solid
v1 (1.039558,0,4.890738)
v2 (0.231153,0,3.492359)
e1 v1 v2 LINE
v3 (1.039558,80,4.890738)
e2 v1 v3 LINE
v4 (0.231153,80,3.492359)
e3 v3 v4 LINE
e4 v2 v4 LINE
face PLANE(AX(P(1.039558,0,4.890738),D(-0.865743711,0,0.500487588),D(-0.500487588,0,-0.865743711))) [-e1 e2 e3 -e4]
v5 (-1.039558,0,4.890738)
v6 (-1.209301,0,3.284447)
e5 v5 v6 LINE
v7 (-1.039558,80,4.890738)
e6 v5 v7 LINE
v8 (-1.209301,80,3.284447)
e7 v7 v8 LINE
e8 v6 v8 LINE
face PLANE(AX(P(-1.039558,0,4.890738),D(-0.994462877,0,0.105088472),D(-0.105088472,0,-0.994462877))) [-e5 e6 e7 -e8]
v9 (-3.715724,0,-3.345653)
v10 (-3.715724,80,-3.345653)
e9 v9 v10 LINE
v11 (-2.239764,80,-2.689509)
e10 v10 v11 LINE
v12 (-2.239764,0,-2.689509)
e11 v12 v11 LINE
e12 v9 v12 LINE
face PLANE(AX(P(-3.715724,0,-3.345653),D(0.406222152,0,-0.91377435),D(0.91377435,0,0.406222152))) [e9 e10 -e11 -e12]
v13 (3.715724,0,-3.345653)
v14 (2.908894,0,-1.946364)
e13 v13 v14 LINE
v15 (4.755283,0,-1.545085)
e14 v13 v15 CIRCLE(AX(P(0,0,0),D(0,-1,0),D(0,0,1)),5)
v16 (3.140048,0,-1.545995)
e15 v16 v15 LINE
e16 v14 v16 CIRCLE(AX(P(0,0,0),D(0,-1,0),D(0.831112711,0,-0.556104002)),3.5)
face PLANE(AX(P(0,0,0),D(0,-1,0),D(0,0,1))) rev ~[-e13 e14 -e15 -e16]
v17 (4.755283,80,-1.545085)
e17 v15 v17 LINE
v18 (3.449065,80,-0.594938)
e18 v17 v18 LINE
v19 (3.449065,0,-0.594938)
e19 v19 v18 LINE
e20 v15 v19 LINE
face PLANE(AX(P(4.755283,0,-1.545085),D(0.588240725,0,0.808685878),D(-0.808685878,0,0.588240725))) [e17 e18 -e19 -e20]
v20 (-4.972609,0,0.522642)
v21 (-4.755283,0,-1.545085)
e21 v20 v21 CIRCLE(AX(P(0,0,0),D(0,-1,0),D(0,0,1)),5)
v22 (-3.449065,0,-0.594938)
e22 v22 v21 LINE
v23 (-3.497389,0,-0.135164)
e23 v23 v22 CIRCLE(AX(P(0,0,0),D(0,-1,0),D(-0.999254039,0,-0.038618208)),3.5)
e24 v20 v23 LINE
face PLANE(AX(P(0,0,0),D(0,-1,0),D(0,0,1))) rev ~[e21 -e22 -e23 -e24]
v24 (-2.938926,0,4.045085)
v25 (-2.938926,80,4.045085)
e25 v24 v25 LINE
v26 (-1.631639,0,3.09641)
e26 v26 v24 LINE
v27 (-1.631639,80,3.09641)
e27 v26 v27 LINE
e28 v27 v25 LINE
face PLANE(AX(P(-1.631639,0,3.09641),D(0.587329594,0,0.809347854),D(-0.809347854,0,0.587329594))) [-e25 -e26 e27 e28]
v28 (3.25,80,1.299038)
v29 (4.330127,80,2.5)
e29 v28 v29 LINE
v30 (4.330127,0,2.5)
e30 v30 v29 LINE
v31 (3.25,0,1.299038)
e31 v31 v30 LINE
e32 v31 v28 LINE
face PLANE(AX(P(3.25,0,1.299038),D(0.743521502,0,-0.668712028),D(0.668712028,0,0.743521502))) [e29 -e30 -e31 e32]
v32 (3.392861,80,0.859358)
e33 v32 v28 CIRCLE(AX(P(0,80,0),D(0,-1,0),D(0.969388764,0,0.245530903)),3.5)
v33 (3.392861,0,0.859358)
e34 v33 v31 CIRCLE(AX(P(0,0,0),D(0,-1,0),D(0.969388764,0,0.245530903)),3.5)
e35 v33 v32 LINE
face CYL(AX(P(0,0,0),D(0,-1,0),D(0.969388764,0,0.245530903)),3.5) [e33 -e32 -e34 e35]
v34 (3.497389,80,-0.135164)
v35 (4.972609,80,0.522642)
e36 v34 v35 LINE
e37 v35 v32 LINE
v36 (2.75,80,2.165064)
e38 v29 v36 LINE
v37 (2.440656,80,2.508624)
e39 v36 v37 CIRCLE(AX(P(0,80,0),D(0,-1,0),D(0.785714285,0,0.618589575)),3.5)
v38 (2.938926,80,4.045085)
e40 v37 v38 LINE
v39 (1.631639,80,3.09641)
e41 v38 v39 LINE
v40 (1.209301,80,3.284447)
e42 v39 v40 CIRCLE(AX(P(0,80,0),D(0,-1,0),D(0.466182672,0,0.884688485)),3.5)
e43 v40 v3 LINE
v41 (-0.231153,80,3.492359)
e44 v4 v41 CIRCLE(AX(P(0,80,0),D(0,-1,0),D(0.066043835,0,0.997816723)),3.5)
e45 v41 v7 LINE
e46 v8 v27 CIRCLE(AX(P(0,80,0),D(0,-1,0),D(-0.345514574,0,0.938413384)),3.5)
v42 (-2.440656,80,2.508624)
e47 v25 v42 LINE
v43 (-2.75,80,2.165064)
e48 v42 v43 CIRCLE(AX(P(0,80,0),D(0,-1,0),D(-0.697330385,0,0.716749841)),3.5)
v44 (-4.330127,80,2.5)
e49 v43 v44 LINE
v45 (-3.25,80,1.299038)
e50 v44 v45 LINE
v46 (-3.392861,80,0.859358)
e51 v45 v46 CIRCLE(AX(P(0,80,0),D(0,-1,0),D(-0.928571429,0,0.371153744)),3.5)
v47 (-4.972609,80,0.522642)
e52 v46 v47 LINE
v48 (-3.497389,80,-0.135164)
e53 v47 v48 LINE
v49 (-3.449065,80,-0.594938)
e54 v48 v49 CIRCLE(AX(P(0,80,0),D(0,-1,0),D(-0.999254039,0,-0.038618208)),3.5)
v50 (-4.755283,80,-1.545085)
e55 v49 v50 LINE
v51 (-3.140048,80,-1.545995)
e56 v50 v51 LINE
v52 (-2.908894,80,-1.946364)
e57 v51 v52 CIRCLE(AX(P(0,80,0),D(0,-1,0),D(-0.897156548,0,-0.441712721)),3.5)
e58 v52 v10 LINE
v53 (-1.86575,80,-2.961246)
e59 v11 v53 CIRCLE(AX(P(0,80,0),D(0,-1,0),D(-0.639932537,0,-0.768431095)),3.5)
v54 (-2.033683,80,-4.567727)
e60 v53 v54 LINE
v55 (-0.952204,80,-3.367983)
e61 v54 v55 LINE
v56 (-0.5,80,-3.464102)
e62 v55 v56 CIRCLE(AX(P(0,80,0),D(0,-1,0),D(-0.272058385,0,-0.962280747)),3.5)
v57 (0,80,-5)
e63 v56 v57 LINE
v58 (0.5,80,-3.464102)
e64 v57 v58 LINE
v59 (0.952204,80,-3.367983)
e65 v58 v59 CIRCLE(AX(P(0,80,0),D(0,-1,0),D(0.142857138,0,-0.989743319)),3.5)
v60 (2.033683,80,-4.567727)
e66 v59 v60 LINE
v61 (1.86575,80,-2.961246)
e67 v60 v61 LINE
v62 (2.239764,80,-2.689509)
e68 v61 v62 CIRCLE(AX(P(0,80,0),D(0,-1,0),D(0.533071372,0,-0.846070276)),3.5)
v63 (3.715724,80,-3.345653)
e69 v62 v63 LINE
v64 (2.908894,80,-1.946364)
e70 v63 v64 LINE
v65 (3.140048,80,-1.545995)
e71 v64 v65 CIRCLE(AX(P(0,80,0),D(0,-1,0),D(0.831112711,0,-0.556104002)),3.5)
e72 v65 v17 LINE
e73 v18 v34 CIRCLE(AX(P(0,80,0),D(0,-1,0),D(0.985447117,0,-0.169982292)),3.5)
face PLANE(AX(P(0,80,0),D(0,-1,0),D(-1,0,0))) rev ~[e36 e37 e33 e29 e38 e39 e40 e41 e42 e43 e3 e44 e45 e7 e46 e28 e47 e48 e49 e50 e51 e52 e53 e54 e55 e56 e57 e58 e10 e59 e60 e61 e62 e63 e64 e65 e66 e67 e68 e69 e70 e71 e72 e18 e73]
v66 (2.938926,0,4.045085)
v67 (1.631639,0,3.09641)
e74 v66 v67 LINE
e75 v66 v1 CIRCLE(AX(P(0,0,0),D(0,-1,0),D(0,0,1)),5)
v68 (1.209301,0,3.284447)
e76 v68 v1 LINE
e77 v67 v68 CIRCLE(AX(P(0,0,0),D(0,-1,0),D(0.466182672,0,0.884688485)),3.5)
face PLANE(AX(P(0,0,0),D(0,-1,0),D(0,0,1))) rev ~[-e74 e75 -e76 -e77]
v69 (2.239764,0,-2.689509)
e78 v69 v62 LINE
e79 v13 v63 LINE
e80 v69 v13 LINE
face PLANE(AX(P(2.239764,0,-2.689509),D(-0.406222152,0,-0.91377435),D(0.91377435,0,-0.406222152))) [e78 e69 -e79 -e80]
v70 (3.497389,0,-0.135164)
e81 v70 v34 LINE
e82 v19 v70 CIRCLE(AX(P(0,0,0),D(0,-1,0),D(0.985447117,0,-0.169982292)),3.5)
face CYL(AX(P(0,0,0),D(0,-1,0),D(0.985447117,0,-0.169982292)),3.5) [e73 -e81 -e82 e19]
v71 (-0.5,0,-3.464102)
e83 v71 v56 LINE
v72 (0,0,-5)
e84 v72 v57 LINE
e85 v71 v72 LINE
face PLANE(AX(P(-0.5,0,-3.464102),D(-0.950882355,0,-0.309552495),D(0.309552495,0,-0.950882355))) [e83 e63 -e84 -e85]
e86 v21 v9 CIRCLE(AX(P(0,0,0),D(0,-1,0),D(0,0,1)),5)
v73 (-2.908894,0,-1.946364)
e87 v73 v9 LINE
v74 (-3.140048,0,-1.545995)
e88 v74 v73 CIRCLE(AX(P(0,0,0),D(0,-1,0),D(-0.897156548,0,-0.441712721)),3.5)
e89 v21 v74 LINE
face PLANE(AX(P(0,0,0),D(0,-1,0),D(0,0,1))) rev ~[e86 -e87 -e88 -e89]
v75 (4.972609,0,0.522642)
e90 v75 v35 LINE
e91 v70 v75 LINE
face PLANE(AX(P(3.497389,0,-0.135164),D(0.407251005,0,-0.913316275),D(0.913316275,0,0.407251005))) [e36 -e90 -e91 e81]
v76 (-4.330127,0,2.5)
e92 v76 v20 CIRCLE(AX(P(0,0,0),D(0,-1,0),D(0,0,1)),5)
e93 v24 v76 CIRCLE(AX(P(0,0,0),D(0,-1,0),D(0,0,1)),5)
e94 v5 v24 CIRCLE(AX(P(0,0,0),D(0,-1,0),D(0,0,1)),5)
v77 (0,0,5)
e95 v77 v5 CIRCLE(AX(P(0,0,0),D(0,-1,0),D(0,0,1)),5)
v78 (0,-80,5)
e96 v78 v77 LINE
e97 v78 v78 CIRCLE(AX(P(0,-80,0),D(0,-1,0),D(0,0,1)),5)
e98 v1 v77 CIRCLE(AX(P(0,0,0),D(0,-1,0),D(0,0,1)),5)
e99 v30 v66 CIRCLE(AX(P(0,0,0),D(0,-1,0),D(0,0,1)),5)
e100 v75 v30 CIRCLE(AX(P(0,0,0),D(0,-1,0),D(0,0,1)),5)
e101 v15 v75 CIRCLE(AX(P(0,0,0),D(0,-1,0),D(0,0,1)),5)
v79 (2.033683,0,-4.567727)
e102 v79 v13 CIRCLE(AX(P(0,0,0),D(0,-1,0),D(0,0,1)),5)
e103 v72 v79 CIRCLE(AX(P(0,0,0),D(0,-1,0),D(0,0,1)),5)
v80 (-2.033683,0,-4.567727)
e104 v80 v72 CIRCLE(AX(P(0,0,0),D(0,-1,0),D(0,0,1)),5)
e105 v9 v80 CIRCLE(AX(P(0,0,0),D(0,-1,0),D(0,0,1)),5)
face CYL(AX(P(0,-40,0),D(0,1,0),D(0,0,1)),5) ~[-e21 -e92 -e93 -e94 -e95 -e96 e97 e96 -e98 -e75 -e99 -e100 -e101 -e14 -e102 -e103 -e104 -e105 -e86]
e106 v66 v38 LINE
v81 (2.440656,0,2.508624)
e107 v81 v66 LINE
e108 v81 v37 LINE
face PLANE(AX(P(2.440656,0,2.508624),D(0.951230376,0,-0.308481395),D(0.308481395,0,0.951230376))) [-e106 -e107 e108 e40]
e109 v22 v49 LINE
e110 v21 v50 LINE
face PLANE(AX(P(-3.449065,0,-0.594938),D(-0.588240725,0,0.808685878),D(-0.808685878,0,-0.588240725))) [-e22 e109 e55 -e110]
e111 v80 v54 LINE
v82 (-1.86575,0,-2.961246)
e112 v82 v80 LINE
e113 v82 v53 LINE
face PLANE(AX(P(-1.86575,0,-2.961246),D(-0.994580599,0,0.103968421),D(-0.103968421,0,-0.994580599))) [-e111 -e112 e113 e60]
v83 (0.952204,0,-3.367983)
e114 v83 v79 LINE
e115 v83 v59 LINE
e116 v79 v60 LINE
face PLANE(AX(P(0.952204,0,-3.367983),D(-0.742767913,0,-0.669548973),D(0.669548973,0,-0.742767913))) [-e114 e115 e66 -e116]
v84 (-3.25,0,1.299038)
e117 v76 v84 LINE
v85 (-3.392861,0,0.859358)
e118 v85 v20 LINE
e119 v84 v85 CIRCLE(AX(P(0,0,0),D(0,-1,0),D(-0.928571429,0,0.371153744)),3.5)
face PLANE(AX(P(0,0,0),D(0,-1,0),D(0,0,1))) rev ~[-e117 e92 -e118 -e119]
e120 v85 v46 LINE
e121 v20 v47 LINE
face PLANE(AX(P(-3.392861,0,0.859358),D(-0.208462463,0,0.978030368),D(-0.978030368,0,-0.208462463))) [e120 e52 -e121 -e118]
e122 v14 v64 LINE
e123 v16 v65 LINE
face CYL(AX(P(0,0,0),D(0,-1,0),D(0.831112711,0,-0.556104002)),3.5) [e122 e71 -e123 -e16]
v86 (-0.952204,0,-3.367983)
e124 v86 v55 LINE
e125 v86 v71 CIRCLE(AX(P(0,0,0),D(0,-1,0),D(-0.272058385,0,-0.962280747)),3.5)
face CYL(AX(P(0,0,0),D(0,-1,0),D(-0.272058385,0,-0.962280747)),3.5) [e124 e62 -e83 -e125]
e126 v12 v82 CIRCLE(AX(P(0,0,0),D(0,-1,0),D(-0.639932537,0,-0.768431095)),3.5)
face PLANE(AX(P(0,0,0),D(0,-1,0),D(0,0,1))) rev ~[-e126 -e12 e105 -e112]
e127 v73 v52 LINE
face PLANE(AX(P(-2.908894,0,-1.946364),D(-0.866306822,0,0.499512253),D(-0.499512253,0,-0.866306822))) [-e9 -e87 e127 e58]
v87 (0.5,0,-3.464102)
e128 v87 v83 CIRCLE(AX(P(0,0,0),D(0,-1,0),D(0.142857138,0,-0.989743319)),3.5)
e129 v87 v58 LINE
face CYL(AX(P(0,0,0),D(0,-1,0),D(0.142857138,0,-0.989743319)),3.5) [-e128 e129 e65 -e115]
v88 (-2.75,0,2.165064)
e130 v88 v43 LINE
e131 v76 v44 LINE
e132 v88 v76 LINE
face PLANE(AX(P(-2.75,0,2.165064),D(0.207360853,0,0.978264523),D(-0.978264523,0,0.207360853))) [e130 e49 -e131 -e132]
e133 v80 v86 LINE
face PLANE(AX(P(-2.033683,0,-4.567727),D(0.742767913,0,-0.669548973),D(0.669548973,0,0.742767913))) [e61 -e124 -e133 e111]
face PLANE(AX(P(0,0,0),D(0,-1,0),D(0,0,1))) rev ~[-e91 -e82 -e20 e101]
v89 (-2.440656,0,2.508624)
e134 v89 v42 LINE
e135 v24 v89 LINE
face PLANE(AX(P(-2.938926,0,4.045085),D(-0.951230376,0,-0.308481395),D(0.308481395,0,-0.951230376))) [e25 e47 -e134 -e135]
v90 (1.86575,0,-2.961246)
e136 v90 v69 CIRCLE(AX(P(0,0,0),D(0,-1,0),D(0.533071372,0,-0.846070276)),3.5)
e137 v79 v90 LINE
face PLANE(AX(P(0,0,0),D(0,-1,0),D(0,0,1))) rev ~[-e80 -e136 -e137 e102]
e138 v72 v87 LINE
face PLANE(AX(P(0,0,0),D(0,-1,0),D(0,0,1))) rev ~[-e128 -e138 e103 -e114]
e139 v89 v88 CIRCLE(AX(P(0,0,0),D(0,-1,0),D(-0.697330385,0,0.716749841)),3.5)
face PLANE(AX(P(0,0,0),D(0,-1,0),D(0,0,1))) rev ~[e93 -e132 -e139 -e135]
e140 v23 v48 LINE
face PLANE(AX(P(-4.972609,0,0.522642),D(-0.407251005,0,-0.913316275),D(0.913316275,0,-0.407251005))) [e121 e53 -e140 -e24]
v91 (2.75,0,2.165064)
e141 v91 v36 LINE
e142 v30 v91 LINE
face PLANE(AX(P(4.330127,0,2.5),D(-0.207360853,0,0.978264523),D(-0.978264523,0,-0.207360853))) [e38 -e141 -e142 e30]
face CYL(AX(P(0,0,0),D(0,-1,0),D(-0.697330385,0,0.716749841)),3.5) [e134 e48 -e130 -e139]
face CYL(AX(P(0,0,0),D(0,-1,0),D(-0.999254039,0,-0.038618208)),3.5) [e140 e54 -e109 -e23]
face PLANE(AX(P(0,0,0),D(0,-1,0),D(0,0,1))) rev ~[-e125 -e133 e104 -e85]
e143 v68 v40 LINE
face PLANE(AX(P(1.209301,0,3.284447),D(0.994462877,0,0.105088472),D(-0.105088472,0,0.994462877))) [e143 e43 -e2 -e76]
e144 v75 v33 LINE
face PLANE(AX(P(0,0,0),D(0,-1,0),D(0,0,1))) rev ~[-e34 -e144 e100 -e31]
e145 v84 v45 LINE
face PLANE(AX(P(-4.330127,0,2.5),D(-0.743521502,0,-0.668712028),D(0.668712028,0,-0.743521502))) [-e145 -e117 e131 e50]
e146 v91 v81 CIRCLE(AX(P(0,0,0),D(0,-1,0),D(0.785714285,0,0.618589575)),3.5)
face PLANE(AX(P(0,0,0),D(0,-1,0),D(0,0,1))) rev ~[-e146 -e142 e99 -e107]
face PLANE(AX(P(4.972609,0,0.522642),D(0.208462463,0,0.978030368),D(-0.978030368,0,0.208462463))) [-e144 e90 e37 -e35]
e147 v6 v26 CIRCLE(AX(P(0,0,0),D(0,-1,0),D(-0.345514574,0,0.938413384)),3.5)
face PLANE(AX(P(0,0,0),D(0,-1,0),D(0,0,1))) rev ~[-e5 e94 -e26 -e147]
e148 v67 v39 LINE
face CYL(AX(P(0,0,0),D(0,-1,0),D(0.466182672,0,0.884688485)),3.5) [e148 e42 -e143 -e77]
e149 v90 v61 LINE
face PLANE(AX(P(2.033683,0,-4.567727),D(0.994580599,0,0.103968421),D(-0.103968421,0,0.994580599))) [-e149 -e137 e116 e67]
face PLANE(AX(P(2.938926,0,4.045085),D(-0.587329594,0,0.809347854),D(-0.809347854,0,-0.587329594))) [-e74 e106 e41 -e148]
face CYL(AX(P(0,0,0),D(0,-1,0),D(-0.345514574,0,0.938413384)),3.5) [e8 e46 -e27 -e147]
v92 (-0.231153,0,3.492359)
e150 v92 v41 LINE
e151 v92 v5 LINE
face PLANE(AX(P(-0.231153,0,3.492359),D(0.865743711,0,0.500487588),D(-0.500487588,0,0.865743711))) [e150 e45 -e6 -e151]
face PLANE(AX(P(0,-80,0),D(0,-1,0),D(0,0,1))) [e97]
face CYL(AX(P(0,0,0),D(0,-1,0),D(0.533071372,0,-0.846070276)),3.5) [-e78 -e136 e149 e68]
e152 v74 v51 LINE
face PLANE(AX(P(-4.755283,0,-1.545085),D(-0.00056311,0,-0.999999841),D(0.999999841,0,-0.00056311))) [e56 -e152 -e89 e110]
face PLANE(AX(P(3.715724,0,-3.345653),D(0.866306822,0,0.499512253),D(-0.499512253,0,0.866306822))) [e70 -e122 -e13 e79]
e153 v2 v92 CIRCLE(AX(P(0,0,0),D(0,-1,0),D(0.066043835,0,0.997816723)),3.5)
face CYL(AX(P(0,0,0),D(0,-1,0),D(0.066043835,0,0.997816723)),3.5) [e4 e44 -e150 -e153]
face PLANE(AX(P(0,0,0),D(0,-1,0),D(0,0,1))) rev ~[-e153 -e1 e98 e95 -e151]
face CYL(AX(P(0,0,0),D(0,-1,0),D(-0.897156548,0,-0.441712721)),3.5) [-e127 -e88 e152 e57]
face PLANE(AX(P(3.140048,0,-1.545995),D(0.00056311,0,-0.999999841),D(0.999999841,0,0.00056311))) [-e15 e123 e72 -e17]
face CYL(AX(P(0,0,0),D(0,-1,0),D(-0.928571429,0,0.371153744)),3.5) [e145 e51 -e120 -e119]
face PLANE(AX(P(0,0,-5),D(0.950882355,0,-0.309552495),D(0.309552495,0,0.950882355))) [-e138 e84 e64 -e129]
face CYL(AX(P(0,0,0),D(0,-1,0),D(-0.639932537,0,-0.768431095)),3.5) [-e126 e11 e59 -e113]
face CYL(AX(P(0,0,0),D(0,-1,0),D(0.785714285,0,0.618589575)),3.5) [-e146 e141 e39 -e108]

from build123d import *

# Parameters (mm, degrees)
SKETCH1_W           = 5
SKETCH1_H           = 80
BOSS_EXTRUDE1_DEPTH = 80


with BuildPart() as part:
    # Sketch1 → Revolve1 (revolve)
    with BuildSketch(Plane.XY, mode=Mode.PRIVATE) as revolve1_sk:
        with Locations((-2.5, -40)):
            Rectangle(SKETCH1_W, SKETCH1_H)
    revolve(revolve1_sk.sketch.rotate(Axis((0, 80, 0), (0, -1, 0)), 270), axis=Axis((0, 80, 0), (0, -1, 0)))

    # Sketch2 → Boss-Extrude1 (add)
    with BuildSketch(Plane(origin=(0, 0, 0), x_dir=(1, 0, 0), z_dir=(0, 1, 0))):
        with BuildLine():
            Line((-0.5, 3.464101615), (0, 5))
            Line((0, 5), (0.5, 3.464101615))
            ThreePointArc((0.5, 3.464101615), (0.727690918, 3.423516603), (0.952204333, 3.367982617))
            Line((0.952204333, 3.367982617), (2.033683215, 4.567727288))
            Line((2.033683215, 4.567727288), (1.865749791, 2.961245974))
            ThreePointArc((1.865749791, 2.961245974), (2.057248383, 2.83155948), (2.239763887, 2.689508827))
            Line((2.239763887, 2.689508827), (3.715724127, 3.345653032))
            Line((3.715724127, 3.345653032), (2.908894493, 1.946364001))
            ThreePointArc((2.908894493, 1.946364001), (3.031088913, 1.75), (3.140047917, 1.545994527))
            Line((3.140047917, 1.545994527), (4.755282581, 1.545084972))
            Line((4.755282581, 1.545084972), (3.449064911, 0.594938011))
            ThreePointArc((3.449064911, 0.594938011), (3.480826634, 0.365849621), (3.497389136, 0.135163729))
            Line((3.497389136, 0.135163729), (4.972609477, -0.522642316))
            Line((4.972609477, -0.522642316), (3.392860672, -0.859358166))
            ThreePointArc((3.392860672, -0.859358166), (3.328697807, -1.08155948), (3.25, -1.299038106))
            Line((3.25, -1.299038106), (4.330127019, -2.5))
            Line((4.330127019, -2.5), (2.75, -2.165063509))
            ThreePointArc((2.75, -2.165063509), (2.601006889, -2.341957122), (2.440656339, -2.508624451))
            Line((2.440656339, -2.508624451), (2.938926261, -4.045084972))
            Line((2.938926261, -4.045084972), (1.631639345, -3.096409703))
            ThreePointArc((1.631639345, -3.096409703), (1.423578251, -3.197409102), (1.209301024, -3.284446838))
            Line((1.209301024, -3.284446838), (1.039558454, -4.890738004))
            Line((1.039558454, -4.890738004), (0.231153424, -3.492358529))
            ThreePointArc((0.231153424, -3.492358529), (0, -3.5), (-0.231153424, -3.492358529))
            Line((-0.231153424, -3.492358529), (-1.039558454, -4.890738004))
            Line((-1.039558454, -4.890738004), (-1.209301024, -3.284446838))
            ThreePointArc((-1.209301024, -3.284446838), (-1.423578251, -3.197409102), (-1.631639345, -3.096409703))
            Line((-1.631639345, -3.096409703), (-2.938926261, -4.045084972))
            Line((-2.938926261, -4.045084972), (-2.440656339, -2.508624451))
            ThreePointArc((-2.440656339, -2.508624451), (-2.601006889, -2.341957122), (-2.75, -2.165063509))
            Line((-2.75, -2.165063509), (-4.330127019, -2.5))
            Line((-4.330127019, -2.5), (-3.25, -1.299038106))
            ThreePointArc((-3.25, -1.299038106), (-3.328697807, -1.08155948), (-3.392860672, -0.859358166))
            Line((-3.392860672, -0.859358166), (-4.972609477, -0.522642316))
            Line((-4.972609477, -0.522642316), (-3.497389136, 0.135163729))
            ThreePointArc((-3.497389136, 0.135163729), (-3.480826634, 0.365849621), (-3.449064911, 0.594938011))
            Line((-3.449064911, 0.594938011), (-4.755282581, 1.545084972))
            Line((-4.755282581, 1.545084972), (-3.140047917, 1.545994527))
            ThreePointArc((-3.140047917, 1.545994527), (-3.031088913, 1.75), (-2.908894493, 1.946364001))
            Line((-2.908894493, 1.946364001), (-3.715724127, 3.345653032))
            Line((-3.715724127, 3.345653032), (-2.239763887, 2.689508827))
            ThreePointArc((-2.239763887, 2.689508827), (-2.057248383, 2.83155948), (-1.865749791, 2.961245974))
            Line((-1.865749791, 2.961245974), (-2.033683215, 4.567727288))
            Line((-2.033683215, 4.567727288), (-0.952204333, 3.367982617))
            ThreePointArc((-0.952204333, 3.367982617), (-0.727690918, 3.423516603), (-0.5, 3.464101615))
        make_face()
    extrude(amount=BOSS_EXTRUDE1_DEPTH)


solid = part.part
